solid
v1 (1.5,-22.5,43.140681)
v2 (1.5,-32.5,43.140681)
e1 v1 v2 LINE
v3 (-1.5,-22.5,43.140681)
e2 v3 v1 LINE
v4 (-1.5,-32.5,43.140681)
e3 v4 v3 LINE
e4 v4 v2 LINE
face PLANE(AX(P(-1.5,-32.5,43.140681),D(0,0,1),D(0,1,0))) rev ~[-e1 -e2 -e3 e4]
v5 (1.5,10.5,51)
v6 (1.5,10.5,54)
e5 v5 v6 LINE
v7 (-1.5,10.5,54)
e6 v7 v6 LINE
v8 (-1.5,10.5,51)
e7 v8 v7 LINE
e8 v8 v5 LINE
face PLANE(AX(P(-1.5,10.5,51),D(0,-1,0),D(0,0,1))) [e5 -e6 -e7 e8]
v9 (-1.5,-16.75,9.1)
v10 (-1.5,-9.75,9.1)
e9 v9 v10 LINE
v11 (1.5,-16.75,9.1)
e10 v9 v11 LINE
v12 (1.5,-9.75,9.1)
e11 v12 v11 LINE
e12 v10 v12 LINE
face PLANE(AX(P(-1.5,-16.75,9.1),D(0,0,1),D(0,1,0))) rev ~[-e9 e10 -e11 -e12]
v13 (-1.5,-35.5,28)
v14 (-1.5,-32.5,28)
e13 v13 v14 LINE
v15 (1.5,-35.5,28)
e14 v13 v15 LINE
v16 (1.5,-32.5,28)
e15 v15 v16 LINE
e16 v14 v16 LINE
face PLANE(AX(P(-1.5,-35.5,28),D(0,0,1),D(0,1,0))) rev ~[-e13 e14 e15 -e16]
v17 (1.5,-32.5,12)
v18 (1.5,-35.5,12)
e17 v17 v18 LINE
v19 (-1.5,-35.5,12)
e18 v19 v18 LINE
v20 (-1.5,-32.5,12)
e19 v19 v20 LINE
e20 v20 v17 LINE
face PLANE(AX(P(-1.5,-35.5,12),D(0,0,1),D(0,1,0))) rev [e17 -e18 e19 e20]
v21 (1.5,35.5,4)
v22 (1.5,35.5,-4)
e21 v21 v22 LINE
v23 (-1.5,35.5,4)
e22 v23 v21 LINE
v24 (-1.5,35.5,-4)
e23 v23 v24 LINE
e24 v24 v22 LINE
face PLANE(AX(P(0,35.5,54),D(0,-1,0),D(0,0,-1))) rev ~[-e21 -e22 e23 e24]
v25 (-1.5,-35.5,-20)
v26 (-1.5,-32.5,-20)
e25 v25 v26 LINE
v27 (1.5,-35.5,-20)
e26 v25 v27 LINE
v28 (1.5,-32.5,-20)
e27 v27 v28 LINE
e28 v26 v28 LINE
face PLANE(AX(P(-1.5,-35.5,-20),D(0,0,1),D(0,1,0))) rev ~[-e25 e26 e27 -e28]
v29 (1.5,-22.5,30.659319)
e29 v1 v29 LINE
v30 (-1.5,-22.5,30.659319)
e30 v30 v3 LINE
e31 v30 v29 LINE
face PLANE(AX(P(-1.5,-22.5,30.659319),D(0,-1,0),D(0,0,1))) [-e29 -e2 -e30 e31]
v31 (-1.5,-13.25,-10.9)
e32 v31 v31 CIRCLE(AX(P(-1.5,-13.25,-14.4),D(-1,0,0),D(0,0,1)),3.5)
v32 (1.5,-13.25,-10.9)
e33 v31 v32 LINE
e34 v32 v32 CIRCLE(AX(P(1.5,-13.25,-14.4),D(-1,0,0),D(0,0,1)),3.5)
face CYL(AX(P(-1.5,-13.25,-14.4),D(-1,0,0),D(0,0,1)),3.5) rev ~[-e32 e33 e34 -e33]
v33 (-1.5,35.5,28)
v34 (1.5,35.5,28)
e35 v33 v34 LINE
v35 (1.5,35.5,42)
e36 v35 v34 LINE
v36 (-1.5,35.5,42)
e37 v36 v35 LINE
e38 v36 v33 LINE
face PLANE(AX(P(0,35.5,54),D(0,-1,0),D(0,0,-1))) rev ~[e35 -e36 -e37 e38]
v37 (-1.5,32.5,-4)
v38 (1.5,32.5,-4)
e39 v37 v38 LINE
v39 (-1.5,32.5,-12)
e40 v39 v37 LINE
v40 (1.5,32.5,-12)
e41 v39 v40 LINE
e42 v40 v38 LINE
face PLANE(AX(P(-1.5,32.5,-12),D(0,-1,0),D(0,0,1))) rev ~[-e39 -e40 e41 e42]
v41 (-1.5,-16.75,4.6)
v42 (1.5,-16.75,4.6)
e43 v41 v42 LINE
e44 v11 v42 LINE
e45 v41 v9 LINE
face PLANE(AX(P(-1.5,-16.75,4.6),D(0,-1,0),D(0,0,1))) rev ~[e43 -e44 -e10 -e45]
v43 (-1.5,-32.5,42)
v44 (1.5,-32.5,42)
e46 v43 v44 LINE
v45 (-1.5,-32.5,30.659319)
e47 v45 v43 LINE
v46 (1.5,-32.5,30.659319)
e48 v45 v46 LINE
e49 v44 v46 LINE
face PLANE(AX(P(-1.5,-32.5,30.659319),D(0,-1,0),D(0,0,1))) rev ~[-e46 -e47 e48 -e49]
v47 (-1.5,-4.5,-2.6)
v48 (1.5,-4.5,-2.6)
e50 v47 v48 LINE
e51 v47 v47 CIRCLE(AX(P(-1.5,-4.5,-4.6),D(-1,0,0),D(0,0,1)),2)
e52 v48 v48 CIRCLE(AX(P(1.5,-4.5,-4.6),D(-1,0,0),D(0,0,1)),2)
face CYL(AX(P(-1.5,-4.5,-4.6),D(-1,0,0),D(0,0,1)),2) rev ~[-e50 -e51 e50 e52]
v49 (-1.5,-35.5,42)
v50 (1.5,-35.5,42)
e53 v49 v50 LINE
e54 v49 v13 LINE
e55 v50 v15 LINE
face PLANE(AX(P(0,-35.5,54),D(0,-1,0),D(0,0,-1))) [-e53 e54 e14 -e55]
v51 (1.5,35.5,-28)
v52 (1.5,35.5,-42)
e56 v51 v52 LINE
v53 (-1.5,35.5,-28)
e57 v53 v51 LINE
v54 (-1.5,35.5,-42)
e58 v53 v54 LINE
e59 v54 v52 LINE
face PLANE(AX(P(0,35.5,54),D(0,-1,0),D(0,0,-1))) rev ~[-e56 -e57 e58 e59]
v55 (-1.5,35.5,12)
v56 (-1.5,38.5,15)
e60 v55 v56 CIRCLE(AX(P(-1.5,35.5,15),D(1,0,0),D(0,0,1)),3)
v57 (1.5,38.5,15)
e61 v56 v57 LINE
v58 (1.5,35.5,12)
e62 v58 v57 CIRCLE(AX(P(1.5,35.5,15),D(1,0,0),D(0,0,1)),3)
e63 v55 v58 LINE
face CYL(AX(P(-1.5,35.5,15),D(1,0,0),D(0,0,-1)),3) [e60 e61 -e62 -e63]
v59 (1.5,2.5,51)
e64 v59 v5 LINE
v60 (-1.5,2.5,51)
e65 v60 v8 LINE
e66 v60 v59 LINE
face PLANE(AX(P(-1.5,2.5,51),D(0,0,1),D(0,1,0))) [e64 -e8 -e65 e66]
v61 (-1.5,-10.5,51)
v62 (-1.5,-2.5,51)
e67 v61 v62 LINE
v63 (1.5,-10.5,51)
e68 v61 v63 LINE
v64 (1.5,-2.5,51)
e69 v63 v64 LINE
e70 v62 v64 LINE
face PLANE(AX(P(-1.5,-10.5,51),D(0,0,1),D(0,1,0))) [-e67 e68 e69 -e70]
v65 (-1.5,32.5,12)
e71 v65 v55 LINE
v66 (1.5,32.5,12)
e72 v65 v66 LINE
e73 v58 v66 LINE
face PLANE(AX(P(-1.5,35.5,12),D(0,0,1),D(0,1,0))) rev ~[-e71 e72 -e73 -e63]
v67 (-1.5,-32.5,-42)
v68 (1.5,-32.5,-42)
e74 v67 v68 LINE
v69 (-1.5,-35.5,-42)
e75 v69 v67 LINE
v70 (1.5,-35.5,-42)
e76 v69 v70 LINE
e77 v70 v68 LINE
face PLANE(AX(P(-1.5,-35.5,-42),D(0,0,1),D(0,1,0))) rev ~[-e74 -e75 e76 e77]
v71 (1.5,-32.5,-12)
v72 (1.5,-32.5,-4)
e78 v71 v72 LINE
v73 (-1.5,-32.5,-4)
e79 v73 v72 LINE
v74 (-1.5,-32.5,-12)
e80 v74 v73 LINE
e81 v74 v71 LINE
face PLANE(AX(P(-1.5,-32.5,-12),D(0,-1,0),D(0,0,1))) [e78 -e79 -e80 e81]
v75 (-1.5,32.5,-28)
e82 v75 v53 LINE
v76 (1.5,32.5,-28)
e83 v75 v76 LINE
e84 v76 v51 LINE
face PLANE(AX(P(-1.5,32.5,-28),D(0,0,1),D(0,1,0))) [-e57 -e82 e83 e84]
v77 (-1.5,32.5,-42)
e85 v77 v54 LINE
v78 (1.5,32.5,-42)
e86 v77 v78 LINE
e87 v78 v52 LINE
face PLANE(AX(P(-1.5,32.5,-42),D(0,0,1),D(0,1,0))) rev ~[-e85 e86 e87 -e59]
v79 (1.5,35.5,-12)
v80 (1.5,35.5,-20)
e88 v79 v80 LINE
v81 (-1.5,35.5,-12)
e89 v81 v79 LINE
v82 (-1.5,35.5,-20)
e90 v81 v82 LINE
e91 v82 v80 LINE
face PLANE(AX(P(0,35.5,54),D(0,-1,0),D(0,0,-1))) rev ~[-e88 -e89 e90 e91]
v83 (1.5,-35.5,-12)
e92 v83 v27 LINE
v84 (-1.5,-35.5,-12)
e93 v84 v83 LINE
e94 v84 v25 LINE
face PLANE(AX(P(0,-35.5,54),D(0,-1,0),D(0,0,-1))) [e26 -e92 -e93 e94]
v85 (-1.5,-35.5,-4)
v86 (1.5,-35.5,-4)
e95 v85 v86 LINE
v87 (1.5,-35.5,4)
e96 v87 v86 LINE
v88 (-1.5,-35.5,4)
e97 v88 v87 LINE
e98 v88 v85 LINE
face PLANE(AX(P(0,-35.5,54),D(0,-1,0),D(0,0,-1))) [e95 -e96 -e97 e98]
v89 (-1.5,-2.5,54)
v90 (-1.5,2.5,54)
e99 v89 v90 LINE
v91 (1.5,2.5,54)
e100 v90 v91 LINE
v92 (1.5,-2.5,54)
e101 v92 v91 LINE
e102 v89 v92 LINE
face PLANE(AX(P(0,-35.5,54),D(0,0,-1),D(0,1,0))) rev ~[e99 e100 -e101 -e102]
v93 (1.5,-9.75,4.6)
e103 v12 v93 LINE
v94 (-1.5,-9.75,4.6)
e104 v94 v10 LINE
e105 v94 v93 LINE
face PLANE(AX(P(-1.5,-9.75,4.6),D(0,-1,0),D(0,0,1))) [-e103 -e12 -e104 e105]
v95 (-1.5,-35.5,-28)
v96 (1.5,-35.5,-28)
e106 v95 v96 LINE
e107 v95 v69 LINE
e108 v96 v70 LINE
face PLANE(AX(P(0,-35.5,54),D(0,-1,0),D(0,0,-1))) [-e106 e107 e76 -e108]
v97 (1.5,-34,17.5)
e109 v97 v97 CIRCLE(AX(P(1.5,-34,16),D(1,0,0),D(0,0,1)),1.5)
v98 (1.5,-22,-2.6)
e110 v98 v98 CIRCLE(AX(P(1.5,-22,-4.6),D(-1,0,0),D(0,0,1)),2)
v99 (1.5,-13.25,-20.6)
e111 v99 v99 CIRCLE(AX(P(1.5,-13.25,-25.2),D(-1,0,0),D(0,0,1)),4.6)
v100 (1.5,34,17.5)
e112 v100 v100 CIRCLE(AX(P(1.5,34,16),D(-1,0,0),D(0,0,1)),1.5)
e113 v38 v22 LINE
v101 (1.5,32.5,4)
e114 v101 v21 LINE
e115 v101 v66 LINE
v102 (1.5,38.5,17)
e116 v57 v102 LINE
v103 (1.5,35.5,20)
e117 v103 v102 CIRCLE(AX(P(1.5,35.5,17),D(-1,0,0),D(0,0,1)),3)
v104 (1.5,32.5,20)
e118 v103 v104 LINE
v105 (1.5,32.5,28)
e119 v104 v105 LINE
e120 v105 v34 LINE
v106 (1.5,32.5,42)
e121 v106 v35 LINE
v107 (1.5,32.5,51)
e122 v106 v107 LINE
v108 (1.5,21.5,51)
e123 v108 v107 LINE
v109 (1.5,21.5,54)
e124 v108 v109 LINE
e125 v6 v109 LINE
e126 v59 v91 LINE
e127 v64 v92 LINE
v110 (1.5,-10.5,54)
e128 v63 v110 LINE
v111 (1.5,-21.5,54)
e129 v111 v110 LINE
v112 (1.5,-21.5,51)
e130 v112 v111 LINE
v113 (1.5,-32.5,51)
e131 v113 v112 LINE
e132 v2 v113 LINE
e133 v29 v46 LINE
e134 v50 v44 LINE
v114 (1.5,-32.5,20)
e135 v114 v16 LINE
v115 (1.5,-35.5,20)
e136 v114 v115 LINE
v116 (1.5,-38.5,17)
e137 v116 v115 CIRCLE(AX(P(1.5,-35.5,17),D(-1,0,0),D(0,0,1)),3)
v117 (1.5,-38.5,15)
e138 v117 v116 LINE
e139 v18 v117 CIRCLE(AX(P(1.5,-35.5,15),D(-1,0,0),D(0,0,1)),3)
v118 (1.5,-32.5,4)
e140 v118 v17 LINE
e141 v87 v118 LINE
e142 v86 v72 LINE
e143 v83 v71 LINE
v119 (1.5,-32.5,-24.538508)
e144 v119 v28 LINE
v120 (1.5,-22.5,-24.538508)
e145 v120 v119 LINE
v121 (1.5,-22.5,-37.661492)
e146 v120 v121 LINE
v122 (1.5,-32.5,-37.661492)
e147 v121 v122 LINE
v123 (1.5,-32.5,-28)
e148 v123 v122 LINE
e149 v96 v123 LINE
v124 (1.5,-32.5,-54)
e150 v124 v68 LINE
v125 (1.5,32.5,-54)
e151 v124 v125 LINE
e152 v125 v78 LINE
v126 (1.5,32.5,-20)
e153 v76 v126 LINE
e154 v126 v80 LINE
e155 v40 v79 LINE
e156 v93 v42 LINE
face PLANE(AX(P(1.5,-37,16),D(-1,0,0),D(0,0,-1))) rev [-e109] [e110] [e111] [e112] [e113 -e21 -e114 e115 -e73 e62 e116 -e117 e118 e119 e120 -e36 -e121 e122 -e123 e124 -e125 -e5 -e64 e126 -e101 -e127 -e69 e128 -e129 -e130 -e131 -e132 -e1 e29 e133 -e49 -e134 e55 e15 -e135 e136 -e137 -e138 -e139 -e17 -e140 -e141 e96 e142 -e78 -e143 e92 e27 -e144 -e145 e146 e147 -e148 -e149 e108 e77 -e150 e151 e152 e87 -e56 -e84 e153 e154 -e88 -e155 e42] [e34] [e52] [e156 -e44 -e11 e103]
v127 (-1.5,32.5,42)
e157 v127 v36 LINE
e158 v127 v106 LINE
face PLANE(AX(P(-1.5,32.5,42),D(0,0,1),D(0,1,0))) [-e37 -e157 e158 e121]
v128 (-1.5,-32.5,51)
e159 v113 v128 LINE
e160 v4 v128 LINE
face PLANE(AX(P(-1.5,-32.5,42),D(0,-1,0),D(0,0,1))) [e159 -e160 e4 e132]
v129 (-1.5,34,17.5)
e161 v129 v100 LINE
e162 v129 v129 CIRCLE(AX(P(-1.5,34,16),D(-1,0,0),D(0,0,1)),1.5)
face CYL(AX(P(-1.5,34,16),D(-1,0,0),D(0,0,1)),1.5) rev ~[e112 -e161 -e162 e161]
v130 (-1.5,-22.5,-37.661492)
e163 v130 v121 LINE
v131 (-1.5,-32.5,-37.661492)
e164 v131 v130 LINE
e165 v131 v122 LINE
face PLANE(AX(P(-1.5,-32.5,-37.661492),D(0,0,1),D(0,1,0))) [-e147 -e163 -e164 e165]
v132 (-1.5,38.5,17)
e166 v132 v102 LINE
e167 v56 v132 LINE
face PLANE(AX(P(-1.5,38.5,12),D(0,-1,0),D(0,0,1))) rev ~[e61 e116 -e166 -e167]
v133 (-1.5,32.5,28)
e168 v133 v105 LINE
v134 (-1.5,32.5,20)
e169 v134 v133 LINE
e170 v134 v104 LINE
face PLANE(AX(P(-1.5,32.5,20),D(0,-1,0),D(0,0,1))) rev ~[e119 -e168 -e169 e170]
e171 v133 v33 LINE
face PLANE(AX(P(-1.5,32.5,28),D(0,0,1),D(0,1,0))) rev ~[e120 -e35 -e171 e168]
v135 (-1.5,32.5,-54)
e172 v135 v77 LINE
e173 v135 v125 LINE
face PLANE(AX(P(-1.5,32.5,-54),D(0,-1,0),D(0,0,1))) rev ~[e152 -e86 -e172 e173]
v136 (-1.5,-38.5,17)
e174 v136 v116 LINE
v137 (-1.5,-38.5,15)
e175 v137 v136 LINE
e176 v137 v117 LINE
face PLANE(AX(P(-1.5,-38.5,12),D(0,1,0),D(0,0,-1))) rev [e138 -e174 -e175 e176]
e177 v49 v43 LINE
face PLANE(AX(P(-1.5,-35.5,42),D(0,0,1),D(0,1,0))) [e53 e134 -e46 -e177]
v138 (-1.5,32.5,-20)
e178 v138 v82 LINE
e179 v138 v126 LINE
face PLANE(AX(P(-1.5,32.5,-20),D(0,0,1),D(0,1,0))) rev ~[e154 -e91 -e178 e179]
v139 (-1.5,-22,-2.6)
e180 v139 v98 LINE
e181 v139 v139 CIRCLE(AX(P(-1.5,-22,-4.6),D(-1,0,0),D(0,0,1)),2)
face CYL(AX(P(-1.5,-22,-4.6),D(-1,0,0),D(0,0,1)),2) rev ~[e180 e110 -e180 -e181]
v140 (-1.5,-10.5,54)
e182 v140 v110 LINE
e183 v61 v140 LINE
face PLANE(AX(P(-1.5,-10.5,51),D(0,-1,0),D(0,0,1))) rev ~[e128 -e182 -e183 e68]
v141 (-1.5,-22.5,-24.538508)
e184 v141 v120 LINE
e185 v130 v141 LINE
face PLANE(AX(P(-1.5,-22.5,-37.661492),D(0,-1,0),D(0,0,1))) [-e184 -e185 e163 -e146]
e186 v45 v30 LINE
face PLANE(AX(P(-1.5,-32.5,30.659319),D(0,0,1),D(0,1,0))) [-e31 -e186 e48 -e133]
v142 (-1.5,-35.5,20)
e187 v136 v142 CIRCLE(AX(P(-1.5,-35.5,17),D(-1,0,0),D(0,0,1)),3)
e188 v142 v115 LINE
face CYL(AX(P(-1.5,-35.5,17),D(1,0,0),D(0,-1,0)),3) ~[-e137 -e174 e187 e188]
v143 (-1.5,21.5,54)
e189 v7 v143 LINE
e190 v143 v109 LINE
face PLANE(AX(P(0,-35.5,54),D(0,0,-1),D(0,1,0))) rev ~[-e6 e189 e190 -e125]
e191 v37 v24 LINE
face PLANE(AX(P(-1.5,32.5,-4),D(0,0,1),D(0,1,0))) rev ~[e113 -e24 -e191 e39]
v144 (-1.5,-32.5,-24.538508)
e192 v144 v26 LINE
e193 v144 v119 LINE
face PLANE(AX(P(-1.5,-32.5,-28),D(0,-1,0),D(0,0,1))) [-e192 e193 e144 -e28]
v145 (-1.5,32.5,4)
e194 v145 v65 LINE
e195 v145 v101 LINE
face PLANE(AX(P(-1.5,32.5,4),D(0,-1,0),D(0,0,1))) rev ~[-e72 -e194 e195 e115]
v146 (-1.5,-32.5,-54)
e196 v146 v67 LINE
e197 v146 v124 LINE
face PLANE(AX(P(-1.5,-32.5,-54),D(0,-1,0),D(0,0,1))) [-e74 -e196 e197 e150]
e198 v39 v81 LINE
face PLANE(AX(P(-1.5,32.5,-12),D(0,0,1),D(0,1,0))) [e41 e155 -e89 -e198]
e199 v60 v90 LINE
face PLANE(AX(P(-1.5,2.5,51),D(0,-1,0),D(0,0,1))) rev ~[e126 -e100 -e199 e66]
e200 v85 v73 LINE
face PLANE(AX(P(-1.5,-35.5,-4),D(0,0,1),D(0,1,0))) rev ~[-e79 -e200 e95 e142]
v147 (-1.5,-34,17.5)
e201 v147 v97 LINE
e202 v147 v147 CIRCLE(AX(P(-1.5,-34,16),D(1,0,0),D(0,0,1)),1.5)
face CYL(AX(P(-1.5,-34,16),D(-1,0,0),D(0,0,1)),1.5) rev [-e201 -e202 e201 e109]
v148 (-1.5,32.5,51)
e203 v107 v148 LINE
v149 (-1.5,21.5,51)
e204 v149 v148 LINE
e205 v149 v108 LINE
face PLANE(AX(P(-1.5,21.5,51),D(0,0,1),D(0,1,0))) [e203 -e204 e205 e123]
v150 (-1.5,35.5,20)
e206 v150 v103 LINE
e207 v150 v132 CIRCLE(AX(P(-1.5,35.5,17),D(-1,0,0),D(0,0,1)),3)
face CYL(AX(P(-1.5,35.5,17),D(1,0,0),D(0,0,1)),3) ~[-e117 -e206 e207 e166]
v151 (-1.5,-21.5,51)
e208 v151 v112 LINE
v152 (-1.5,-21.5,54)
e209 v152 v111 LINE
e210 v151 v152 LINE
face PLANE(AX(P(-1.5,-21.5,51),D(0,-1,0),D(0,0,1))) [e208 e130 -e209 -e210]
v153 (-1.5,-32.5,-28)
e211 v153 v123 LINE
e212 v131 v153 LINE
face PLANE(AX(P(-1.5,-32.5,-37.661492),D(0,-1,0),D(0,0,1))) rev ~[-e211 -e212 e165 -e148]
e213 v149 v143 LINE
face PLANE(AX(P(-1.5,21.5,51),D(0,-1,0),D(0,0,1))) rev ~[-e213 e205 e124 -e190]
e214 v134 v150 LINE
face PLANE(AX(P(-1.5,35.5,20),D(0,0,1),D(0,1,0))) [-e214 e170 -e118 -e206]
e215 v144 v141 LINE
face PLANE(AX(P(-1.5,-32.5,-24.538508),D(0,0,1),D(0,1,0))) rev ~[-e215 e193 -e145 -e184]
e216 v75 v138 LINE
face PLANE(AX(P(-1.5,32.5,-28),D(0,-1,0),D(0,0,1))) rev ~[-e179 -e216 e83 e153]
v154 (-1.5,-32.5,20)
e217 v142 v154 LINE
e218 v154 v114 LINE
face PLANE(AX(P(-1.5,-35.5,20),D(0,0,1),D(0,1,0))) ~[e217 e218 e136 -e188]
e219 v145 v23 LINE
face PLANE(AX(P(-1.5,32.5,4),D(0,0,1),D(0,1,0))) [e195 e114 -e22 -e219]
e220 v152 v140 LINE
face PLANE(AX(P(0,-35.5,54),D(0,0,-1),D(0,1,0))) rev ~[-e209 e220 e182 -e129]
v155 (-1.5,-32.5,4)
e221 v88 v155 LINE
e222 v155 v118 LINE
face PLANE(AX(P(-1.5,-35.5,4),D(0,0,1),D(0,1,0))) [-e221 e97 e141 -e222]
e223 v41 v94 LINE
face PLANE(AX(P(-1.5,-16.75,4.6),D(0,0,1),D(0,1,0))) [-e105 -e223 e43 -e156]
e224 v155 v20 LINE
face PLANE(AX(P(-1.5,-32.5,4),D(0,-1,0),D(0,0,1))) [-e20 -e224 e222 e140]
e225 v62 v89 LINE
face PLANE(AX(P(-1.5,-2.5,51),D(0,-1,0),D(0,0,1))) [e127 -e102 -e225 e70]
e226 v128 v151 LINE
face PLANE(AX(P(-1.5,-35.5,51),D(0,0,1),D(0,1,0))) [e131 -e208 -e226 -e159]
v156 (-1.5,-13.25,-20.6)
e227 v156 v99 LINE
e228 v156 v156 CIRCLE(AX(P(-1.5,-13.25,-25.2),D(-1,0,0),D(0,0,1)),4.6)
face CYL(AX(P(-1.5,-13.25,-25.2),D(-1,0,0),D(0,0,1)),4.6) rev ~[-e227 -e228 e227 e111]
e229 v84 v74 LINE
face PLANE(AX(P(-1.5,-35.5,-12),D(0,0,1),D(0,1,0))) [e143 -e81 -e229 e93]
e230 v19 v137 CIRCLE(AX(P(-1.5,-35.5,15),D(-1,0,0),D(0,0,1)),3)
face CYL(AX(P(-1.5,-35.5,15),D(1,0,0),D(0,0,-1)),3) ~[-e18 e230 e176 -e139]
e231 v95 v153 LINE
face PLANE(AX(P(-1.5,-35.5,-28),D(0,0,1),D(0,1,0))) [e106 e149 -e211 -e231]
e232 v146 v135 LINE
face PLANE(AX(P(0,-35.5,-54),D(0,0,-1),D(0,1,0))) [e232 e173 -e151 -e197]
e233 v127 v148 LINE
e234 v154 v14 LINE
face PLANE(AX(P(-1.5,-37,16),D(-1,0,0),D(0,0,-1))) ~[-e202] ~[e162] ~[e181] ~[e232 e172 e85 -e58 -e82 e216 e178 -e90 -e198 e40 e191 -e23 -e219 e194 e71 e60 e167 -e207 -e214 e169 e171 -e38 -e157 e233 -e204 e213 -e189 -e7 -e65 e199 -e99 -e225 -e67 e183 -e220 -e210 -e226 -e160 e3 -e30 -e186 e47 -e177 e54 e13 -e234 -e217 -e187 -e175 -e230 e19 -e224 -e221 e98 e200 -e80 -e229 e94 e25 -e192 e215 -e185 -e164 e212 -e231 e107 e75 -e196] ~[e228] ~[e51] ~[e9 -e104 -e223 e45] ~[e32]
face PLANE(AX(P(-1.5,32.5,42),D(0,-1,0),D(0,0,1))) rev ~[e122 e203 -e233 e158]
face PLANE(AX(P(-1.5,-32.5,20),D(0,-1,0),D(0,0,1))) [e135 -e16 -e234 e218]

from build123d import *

# Parameters (mm, degrees)
CROQUIS1_W               = 108
CROQUIS1_H               = 71
SALIENTE_EXTRUIR1_DEPTH  = 1.5
CROQUIS2_W               = 12
CROQUIS2_H               = 3
CROQUIS2_W_2             = 8
CORTAR_EXTRUIR1_DEPTH    = 3
CROQUIS6_W               = 3
CROQUIS6_H               = 14
CROQUIS6_H_2             = 8
CORTAR_EXTRUIR3_DEPTH    = 3
CROQUIS8_W               = 8
CROQUIS8_H               = 3
SALIENTE_EXTRUIR2_DEPTH  = 3
REDONDEO2_R              = 3
CROQUIS9_R               = 1.5
CORTAR_EXTRUIR5_DEPTH    = 3
REDONDEO2_OF_SIMETR_A1_R = 3
CROQUIS10_R              = 4.6
CROQUIS10_R_2            = 3.5
CROQUIS10_R_3            = 2
CROQUIS10_W              = 4.5
CROQUIS10_H              = 7
CORTAR_EXTRUIR6_DEPTH    = 10
CROQUIS12_W              = 13.122983438
CROQUIS12_H              = 10
CROQUIS12_W_2            = 12.481361742
CORTAR_EXTRUIR7_DEPTH    = 10


with BuildPart() as part:
    # Croquis1 → Saliente-Extruir1 (new, symmetric)
    with BuildSketch(Plane(origin=(0, 0, 0), x_dir=(0, 0, -1), z_dir=(1, 0, 0))):
        Rectangle(CROQUIS1_W, CROQUIS1_H)
    extrude(amount=SALIENTE_EXTRUIR1_DEPTH, both=True)

    # Croquis2 → Cortar-Extruir1 (cut)
    with BuildSketch(Plane.ZY.offset(1.5)):
        with Locations((-48, -34)):
            Rectangle(CROQUIS2_W, CROQUIS2_H)
        with Locations((-24, -34)):
            Rectangle(CROQUIS2_W_2, CROQUIS2_H)
        with Locations((-8, -34)):
            Rectangle(CROQUIS2_W_2, CROQUIS2_H)
        with Locations((8, -34)):
            Rectangle(CROQUIS2_W_2, CROQUIS2_H)
        with Locations((24, -34)):
            Rectangle(CROQUIS2_W_2, CROQUIS2_H)
        with Locations((48, -34)):
            Rectangle(CROQUIS2_W, CROQUIS2_H)
        with Locations((48, 34)):
            Rectangle(CROQUIS2_W, CROQUIS2_H)
        with Locations((24, 34)):
            Rectangle(CROQUIS2_W_2, CROQUIS2_H)
        with Locations((8, 34)):
            Rectangle(CROQUIS2_W_2, CROQUIS2_H)
        with Locations((-8, 34)):
            Rectangle(CROQUIS2_W_2, CROQUIS2_H)
        with Locations((-24, 34)):
            Rectangle(CROQUIS2_W_2, CROQUIS2_H)
        with Locations((-48, 34)):
            Rectangle(CROQUIS2_W, CROQUIS2_H)
    extrude(amount=-CORTAR_EXTRUIR1_DEPTH, mode=Mode.SUBTRACT)

    # Croquis6 → Cortar-Extruir3 (cut)
    with BuildSketch(Plane.ZY.offset(1.5)):
        with Locations((52.5, -28.5)):
            Rectangle(CROQUIS6_W, CROQUIS6_H)
        with Locations((52.5, -6.5)):
            Rectangle(CROQUIS6_W, CROQUIS6_H_2)
        with Locations((52.5, 6.5)):
            Rectangle(CROQUIS6_W, CROQUIS6_H_2)
        with Locations((52.5, 28.5)):
            Rectangle(CROQUIS6_W, CROQUIS6_H)
    extrude(amount=-CORTAR_EXTRUIR3_DEPTH, mode=Mode.SUBTRACT)

    # Croquis8 → Saliente-Extruir2 (add)
    with BuildSketch(Plane.ZY.offset(1.5)):
        with Locations((16, 37)):
            Rectangle(CROQUIS8_W, CROQUIS8_H)
    saliente_extruir2 = extrude(amount=-SALIENTE_EXTRUIR2_DEPTH)

    # Redondeo2
    redondeo2_edges = [part.edges().sort_by_distance(p)[0] for p in [
        (0, 38.5, 12),
        (0, 38.5, 20),
    ]]
    fillet(redondeo2_edges, radius=REDONDEO2_R)

    # Croquis9 → Cortar-Extruir5 (cut)
    with BuildSketch(Plane.ZY.offset(1.5)):
        with Locations((16, 34)):
            Circle(CROQUIS9_R)
    cortar_extruir5 = extrude(amount=-CORTAR_EXTRUIR5_DEPTH, mode=Mode.SUBTRACT)

    # Simetría1: Saliente-Extruir2, Cortar-Extruir5 across plane
    add(saliente_extruir2.mirror(Plane.ZX))
    add(cortar_extruir5.mirror(Plane.ZX), mode=Mode.SUBTRACT)

    # Redondeo2 of Simetría1
    redondeo2_of_simetr_a1_edges = [part.edges().sort_by_distance(p)[0] for p in [
        (0, -38.5, 12),
        (0, -38.5, 20),
    ]]
    fillet(redondeo2_of_simetr_a1_edges, radius=REDONDEO2_OF_SIMETR_A1_R)

    # Croquis10 → Cortar-Extruir6 (cut)
    with BuildSketch(Plane.ZY.offset(1.5)):
        with Locations((-25.2, -13.25)):
            Circle(CROQUIS10_R)
        with Locations((-14.4, -13.25)):
            Circle(CROQUIS10_R_2)
        with Locations((-4.6, -22)):
            Circle(CROQUIS10_R_3)
        with Locations((-4.6, -4.5)):
            Circle(CROQUIS10_R_3)
        with Locations((6.85, -13.25)):
            Rectangle(CROQUIS10_W, CROQUIS10_H)
    extrude(amount=-CORTAR_EXTRUIR6_DEPTH, mode=Mode.SUBTRACT)

    # Croquis12 → Cortar-Extruir7 (cut)
    with BuildSketch(Plane.ZY.offset(1.5)):
        with Locations((-31.1, -27.5)):
            Rectangle(CROQUIS12_W, CROQUIS12_H)
        with Locations((36.9, -27.5)):
            Rectangle(CROQUIS12_W_2, CROQUIS12_H)
    extrude(amount=-CORTAR_EXTRUIR7_DEPTH, mode=Mode.SUBTRACT)


solid = part.part
